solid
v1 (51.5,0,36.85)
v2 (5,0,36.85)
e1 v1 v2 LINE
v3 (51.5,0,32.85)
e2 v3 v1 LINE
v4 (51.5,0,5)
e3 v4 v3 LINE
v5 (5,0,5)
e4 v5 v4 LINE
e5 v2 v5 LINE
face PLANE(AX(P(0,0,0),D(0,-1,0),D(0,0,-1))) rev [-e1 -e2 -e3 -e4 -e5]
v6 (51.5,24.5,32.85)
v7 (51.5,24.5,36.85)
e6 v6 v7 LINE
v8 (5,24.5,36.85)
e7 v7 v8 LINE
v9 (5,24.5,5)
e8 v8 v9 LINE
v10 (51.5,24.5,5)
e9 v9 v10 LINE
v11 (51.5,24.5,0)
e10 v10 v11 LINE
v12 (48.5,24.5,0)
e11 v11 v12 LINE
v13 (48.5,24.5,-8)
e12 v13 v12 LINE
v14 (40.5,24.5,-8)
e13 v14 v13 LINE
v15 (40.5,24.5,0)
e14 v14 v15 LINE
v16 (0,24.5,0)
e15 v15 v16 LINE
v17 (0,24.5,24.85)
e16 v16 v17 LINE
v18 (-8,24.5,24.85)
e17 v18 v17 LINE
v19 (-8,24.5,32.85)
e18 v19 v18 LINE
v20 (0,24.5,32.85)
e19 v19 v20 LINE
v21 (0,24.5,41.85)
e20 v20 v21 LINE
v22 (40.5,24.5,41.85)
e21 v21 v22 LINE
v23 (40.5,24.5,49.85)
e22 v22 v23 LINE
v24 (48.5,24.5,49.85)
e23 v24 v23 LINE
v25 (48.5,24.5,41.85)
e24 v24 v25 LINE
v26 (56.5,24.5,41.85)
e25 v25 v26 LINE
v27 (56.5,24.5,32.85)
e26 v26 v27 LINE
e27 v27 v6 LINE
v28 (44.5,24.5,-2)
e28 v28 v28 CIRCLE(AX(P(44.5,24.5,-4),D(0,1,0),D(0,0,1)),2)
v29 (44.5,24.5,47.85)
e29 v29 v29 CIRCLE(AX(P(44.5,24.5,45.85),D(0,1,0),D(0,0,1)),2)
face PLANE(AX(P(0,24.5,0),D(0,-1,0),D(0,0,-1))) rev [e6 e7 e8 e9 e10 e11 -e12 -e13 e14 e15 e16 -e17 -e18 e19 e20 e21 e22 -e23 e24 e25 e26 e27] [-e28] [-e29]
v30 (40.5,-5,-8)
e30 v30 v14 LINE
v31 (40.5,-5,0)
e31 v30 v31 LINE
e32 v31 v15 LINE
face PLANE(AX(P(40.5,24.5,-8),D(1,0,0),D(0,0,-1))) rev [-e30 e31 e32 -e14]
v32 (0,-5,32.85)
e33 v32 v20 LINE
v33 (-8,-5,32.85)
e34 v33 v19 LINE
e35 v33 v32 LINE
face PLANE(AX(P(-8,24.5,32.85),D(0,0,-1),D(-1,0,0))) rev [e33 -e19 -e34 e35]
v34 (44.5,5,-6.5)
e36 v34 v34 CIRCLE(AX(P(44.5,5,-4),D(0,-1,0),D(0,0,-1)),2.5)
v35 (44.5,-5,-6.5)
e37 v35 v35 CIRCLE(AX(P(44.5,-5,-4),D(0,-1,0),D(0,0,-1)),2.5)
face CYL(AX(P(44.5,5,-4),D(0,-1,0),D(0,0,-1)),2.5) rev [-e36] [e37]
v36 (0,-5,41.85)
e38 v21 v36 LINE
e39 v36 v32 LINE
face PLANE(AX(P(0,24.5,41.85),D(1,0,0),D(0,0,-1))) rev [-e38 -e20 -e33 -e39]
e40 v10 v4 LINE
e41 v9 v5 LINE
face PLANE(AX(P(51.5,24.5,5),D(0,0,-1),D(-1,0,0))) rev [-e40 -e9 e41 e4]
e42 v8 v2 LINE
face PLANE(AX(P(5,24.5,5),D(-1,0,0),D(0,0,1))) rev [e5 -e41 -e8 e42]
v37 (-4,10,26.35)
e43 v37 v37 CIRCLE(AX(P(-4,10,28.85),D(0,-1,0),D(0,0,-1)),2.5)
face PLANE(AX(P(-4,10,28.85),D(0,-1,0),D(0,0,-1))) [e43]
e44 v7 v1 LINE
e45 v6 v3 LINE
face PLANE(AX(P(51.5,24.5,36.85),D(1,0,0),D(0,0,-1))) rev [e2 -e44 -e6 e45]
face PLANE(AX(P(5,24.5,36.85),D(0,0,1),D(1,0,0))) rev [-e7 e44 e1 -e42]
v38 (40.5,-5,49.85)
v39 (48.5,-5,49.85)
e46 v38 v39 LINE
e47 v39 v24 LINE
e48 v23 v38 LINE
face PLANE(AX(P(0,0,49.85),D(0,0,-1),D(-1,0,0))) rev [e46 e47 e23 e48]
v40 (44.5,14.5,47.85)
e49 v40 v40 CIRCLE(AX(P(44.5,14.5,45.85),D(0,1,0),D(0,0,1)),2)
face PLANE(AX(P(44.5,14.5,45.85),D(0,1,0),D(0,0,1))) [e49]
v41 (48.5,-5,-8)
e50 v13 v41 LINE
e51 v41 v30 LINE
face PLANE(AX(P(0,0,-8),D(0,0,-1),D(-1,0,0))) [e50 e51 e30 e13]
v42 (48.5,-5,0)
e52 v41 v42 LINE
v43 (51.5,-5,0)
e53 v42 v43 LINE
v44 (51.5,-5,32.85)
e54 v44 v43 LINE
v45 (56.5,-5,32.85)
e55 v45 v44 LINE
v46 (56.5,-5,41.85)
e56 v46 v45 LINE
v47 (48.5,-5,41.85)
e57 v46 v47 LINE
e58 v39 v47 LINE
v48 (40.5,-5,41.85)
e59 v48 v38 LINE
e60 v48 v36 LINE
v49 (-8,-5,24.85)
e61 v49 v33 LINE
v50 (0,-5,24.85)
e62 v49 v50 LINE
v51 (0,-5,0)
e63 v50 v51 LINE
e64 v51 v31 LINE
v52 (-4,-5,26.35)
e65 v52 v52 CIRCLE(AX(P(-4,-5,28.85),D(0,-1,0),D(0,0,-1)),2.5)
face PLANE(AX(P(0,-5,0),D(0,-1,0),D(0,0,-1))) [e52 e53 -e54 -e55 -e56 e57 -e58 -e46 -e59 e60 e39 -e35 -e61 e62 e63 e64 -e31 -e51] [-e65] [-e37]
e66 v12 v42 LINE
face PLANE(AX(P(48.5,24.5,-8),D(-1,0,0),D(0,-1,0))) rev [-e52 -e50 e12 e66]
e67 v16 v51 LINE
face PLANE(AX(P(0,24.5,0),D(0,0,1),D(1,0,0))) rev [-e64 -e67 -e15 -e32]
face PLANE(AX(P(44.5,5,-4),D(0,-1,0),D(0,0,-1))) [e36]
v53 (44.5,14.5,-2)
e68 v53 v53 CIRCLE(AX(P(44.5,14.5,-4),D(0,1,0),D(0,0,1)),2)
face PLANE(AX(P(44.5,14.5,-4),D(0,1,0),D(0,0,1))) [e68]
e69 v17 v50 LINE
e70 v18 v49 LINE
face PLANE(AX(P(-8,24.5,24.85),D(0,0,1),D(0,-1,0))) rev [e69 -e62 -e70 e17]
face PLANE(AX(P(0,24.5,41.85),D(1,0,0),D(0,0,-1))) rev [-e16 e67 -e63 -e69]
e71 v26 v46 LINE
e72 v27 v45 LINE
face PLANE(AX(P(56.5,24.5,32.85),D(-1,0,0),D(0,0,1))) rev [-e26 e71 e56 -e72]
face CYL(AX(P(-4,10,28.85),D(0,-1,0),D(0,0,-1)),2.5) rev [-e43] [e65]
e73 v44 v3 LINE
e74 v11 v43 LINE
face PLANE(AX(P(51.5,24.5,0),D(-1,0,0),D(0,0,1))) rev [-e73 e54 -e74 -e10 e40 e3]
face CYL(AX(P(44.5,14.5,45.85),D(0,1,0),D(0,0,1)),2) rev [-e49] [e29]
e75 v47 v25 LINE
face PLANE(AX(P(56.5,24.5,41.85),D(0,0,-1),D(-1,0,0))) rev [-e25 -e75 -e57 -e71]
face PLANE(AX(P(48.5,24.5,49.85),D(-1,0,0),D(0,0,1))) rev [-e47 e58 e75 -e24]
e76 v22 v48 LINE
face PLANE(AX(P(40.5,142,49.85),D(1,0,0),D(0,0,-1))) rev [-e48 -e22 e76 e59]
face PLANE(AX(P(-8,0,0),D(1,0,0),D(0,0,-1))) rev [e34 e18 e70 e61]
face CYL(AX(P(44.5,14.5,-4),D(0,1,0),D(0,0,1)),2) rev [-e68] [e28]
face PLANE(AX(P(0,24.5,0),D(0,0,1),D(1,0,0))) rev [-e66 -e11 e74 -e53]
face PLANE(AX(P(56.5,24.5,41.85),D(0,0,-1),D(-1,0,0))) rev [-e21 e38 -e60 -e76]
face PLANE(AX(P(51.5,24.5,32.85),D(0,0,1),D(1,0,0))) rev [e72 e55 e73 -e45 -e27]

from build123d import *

# Parameters (mm, degrees)
BOSS_EXTRUDE1_DEPTH  = 24.5
SKETCH2_W            = 103
SKETCH2_H            = 41.85
BOSS_EXTRUDE2_DEPTH  = 5
SKETCH3_W            = 46.5
SKETCH3_H            = 27.85
CUT_EXTRUDE1_DEPTH   = 26
SKETCH7_W            = 8
SKETCH7_H            = 3
BOSS_EXTRUDE3_DEPTH  = 8
SKETCH8_R            = 2.5
CUT_EXTRUDE2_DEPTH   = 8
SKETCH9_W            = 8
SKETCH9_H            = 3
BOSS_EXTRUDE4_DEPTH  = 8
SKETCH10_R           = 2.5
CUT_EXTRUDE3_DEPTH   = 8
SKETCH12_W           = 11.5
SKETCH12_H           = 5
CUT_EXTRUDE4_DEPTH   = 8
SKETCH14_W           = 8
SKETCH14_H           = 3
BOSS_EXTRUDE5_DEPTH  = 8
SKETCH15_R           = 2.5
CUT_EXTRUDE5_DEPTH   = 8
SKETCH16_W           = 8
SKETCH16_H           = 29.5
BOSS_EXTRUDE6_DEPTH  = 8
SKETCH17_W           = 14
SKETCH17_H           = 29.5
BOSS_EXTRUDE7_DEPTH  = 8
SKETCH18_R           = 2
CUT_EXTRUDE6_DEPTH   = 10
SKETCH19_W           = 8
SKETCH19_H           = 29.5
BOSS_EXTRUDE8_DEPTH  = 8
SKETCH20_W           = 13
SKETCH20_H           = 13
BOSS_EXTRUDE9_DEPTH  = 88
CUT_EXTRUDE8_DEPTH   = 48
SKETCH23_R           = 2.5
CUT_EXTRUDE9_DEPTH   = 10
SKETCH25_W           = 8
SKETCH25_H           = 3
CUT_EXTRUDE10_DEPTH  = 8
SKETCH27_W           = 8
SKETCH27_H           = 29.5
BOSS_EXTRUDE11_DEPTH = 8
SKETCH28_R           = 2.5
CUT_EXTRUDE12_DEPTH  = 15
SKETCH29_W           = 13
SKETCH29_H           = 13
CUT_EXTRUDE13_DEPTH  = 88
SKETCH30_W           = 14
SKETCH30_H           = 8
CUT_EXTRUDE14_DEPTH  = 147


with BuildPart() as part:
    # Sketch1 → Boss-Extrude1 (new body)
    with BuildSketch(Plane(origin=(0, 0, 0), x_dir=(1, 0, 0), z_dir=(0, 1, 0))):
        Polygon((0, 0), (51.5, 0), (51.5, -5), (5, -5), (5, -36.85), (51.5, -36.85), (51.5, -32.85), (56.5, -32.85), (56.5, -41.85), (0, -41.85), align=None)
    extrude(amount=BOSS_EXTRUDE1_DEPTH)

    # Sketch2 → Boss-Extrude2 (add)
    with BuildSketch(Plane.XZ):
        with Locations((51.5, 20.925)):
            Rectangle(SKETCH2_W, SKETCH2_H)
    extrude(amount=BOSS_EXTRUDE2_DEPTH)

    # Sketch3 → Cut-Extrude1 (cut)
    with BuildSketch(Plane(origin=(0, 0, 0), x_dir=(1, 0, 0), z_dir=(0, 1, 0))):
        with Locations((74.75, -18.925)):
            Rectangle(SKETCH3_W, SKETCH3_H)
    extrude(amount=-CUT_EXTRUDE1_DEPTH, mode=Mode.SUBTRACT)

    # Sketch7 → Boss-Extrude3 (add)
    with BuildSketch(Plane.XY.offset(41.85)):
        with Locations((4, -3.5)):
            Rectangle(SKETCH7_W, SKETCH7_H)
    extrude(amount=BOSS_EXTRUDE3_DEPTH)

    # Sketch8 → Cut-Extrude2 (cut)
    with BuildSketch(Plane(origin=(0, -2, 0), x_dir=(1, 0, 0), z_dir=(0, 1, 0))):
        with Locations(Location((4, -45.85, 0), (0, 0, 270))):
            Circle(SKETCH8_R)
    extrude(amount=-CUT_EXTRUDE2_DEPTH, mode=Mode.SUBTRACT)

    # Sketch9 → Boss-Extrude4 (add)
    with BuildSketch(Plane(origin=(0, 0, 0), x_dir=(-1, 0, 0), z_dir=(0, 0, -1))):
        with Locations((-99, -3.5)):
            Rectangle(SKETCH9_W, SKETCH9_H)
    extrude(amount=BOSS_EXTRUDE4_DEPTH)

    # Sketch10 → Cut-Extrude3 (cut)
    with BuildSketch(Plane(origin=(0, -2, 0), x_dir=(1, 0, 0), z_dir=(0, 1, 0))):
        with Locations(Location((99, 3.996680608, 0), (0, 0, 270))):
            Circle(SKETCH10_R)
    extrude(amount=-CUT_EXTRUDE3_DEPTH, mode=Mode.SUBTRACT)

    # Sketch12 → Cut-Extrude4 (cut)
    with BuildSketch(Plane(origin=(0, 0, 0), x_dir=(1, 0, 0), z_dir=(0, 1, 0))):
        with Locations((89.25, -2.5)):
            Rectangle(SKETCH12_W, SKETCH12_H)
    extrude(amount=-CUT_EXTRUDE4_DEPTH, mode=Mode.SUBTRACT)

    # Sketch14 → Boss-Extrude5 (add)
    with BuildSketch(Plane(origin=(0, 0, 0), x_dir=(-1, 0, 0), z_dir=(0, 0, -1))):
        with Locations((-79.5, -3.5)):
            Rectangle(SKETCH14_W, SKETCH14_H)
    extrude(amount=BOSS_EXTRUDE5_DEPTH)

    # Sketch15 → Cut-Extrude5 (cut)
    with BuildSketch(Plane(origin=(0, -2, 0), x_dir=(1, 0, 0), z_dir=(0, 1, 0))):
        with Locations(Location((79.5, 4, 0), (0, 0, 270))):
            Circle(SKETCH15_R)
    extrude(amount=-CUT_EXTRUDE5_DEPTH, mode=Mode.SUBTRACT)

    # Sketch16 → Boss-Extrude6 (add)
    with BuildSketch(Plane(origin=(0, 0, 0), x_dir=(-1, 0, 0), z_dir=(0, 0, -1))):
        with Locations((-44.5, 9.75)):
            Rectangle(SKETCH16_W, SKETCH16_H)
    extrude(amount=BOSS_EXTRUDE6_DEPTH)

    # Sketch17 → Boss-Extrude7 (add)
    with BuildSketch(Plane.XY.offset(41.85)):
        with Locations((41.5, 9.75)):
            Rectangle(SKETCH17_W, SKETCH17_H)
    extrude(amount=BOSS_EXTRUDE7_DEPTH)

    # Sketch18 → Cut-Extrude6 (cut)
    with BuildSketch(Plane(origin=(0, 24.5, 0), x_dir=(1, 0, 0), z_dir=(0, 1, 0))):
        with Locations(Location((44.5, 4, 0), (0, 0, 270))):
            Circle(SKETCH18_R)
        with Locations(Location((44.5, -45.85, 0), (0, 0, 270))):
            Circle(SKETCH18_R)
    extrude(amount=-CUT_EXTRUDE6_DEPTH, mode=Mode.SUBTRACT)

    # Sketch19 → Boss-Extrude8 (add)
    with BuildSketch(Plane.ZY.offset(-34.5)):
        with Locations((45.85, 9.75)):
            Rectangle(SKETCH19_W, SKETCH19_H)
    extrude(amount=BOSS_EXTRUDE8_DEPTH)

    # Sketch20 → Boss-Extrude9 (add)
    with BuildSketch(Plane(origin=(0, 24.5, 0), x_dir=(1, 0, 0), z_dir=(0, 1, 0))):
        with Locations((33, -43.35)):
            Rectangle(SKETCH20_W, SKETCH20_H)
    extrude(amount=BOSS_EXTRUDE9_DEPTH)

    # Sketch22 → Cut-Extrude8 (cut)
    with BuildSketch(Plane(origin=(0, 0, 0), x_dir=(1, 0, 0), z_dir=(0, 1, 0))):
        Polygon((103, 0), (103, 8), (51.5, 8), (51.5, -32.85), (56.5, -32.85), (98, -32.85), (98, -5), (95, -5), (95, 0), align=None)
        Polygon((103, -41.85), (103, -32.85), (98, -32.85), (56.5, -32.85), (56.5, -41.85), align=None)
        Polygon((103, -32.85), (103, 0), (95, 0), (95, -5), (98, -5), (98, -32.85), align=None)
    extrude(amount=-CUT_EXTRUDE8_DEPTH, mode=Mode.SUBTRACT)

    # Sketch23 → Cut-Extrude9 (cut)
    with BuildSketch(Plane.XZ.offset(5)):
        with Locations(Location((44.5, -4, 0), (0, 0, 270))):
            Circle(SKETCH23_R)
    extrude(amount=-CUT_EXTRUDE9_DEPTH, mode=Mode.SUBTRACT)

    # Sketch25 → Cut-Extrude10 (cut)
    with BuildSketch(Plane.XY.offset(49.85)):
        with Locations((4, -3.5)):
            Rectangle(SKETCH25_W, SKETCH25_H)
    extrude(amount=-CUT_EXTRUDE10_DEPTH, mode=Mode.SUBTRACT)

    # Sketch27 → Boss-Extrude11 (add)
    with BuildSketch(Plane.ZY):
        with Locations((28.85, 9.75)):
            Rectangle(SKETCH27_W, SKETCH27_H)
    extrude(amount=BOSS_EXTRUDE11_DEPTH)

    # Sketch28 → Cut-Extrude12 (cut)
    with BuildSketch(Plane.XZ.offset(5)):
        with Locations(Location((-4, 28.85, 0), (0, 0, 270))):
            Circle(SKETCH28_R)
    extrude(amount=-CUT_EXTRUDE12_DEPTH, mode=Mode.SUBTRACT)

    # Sketch29 → Cut-Extrude13 (cut)
    with BuildSketch(Plane(origin=(0, 112.5, 0), x_dir=(1, 0, 0), z_dir=(0, 1, 0))):
        with Locations((33, -43.35)):
            Rectangle(SKETCH29_W, SKETCH29_H)
    extrude(amount=-CUT_EXTRUDE13_DEPTH, mode=Mode.SUBTRACT)

    # Sketch30 → Cut-Extrude14 (cut)
    with BuildSketch(Plane.XZ.offset(5)):
        with Locations((33.5, 45.85)):
            Rectangle(SKETCH30_W, SKETCH30_H)
    extrude(amount=-CUT_EXTRUDE14_DEPTH, mode=Mode.SUBTRACT)


solid = part.part
